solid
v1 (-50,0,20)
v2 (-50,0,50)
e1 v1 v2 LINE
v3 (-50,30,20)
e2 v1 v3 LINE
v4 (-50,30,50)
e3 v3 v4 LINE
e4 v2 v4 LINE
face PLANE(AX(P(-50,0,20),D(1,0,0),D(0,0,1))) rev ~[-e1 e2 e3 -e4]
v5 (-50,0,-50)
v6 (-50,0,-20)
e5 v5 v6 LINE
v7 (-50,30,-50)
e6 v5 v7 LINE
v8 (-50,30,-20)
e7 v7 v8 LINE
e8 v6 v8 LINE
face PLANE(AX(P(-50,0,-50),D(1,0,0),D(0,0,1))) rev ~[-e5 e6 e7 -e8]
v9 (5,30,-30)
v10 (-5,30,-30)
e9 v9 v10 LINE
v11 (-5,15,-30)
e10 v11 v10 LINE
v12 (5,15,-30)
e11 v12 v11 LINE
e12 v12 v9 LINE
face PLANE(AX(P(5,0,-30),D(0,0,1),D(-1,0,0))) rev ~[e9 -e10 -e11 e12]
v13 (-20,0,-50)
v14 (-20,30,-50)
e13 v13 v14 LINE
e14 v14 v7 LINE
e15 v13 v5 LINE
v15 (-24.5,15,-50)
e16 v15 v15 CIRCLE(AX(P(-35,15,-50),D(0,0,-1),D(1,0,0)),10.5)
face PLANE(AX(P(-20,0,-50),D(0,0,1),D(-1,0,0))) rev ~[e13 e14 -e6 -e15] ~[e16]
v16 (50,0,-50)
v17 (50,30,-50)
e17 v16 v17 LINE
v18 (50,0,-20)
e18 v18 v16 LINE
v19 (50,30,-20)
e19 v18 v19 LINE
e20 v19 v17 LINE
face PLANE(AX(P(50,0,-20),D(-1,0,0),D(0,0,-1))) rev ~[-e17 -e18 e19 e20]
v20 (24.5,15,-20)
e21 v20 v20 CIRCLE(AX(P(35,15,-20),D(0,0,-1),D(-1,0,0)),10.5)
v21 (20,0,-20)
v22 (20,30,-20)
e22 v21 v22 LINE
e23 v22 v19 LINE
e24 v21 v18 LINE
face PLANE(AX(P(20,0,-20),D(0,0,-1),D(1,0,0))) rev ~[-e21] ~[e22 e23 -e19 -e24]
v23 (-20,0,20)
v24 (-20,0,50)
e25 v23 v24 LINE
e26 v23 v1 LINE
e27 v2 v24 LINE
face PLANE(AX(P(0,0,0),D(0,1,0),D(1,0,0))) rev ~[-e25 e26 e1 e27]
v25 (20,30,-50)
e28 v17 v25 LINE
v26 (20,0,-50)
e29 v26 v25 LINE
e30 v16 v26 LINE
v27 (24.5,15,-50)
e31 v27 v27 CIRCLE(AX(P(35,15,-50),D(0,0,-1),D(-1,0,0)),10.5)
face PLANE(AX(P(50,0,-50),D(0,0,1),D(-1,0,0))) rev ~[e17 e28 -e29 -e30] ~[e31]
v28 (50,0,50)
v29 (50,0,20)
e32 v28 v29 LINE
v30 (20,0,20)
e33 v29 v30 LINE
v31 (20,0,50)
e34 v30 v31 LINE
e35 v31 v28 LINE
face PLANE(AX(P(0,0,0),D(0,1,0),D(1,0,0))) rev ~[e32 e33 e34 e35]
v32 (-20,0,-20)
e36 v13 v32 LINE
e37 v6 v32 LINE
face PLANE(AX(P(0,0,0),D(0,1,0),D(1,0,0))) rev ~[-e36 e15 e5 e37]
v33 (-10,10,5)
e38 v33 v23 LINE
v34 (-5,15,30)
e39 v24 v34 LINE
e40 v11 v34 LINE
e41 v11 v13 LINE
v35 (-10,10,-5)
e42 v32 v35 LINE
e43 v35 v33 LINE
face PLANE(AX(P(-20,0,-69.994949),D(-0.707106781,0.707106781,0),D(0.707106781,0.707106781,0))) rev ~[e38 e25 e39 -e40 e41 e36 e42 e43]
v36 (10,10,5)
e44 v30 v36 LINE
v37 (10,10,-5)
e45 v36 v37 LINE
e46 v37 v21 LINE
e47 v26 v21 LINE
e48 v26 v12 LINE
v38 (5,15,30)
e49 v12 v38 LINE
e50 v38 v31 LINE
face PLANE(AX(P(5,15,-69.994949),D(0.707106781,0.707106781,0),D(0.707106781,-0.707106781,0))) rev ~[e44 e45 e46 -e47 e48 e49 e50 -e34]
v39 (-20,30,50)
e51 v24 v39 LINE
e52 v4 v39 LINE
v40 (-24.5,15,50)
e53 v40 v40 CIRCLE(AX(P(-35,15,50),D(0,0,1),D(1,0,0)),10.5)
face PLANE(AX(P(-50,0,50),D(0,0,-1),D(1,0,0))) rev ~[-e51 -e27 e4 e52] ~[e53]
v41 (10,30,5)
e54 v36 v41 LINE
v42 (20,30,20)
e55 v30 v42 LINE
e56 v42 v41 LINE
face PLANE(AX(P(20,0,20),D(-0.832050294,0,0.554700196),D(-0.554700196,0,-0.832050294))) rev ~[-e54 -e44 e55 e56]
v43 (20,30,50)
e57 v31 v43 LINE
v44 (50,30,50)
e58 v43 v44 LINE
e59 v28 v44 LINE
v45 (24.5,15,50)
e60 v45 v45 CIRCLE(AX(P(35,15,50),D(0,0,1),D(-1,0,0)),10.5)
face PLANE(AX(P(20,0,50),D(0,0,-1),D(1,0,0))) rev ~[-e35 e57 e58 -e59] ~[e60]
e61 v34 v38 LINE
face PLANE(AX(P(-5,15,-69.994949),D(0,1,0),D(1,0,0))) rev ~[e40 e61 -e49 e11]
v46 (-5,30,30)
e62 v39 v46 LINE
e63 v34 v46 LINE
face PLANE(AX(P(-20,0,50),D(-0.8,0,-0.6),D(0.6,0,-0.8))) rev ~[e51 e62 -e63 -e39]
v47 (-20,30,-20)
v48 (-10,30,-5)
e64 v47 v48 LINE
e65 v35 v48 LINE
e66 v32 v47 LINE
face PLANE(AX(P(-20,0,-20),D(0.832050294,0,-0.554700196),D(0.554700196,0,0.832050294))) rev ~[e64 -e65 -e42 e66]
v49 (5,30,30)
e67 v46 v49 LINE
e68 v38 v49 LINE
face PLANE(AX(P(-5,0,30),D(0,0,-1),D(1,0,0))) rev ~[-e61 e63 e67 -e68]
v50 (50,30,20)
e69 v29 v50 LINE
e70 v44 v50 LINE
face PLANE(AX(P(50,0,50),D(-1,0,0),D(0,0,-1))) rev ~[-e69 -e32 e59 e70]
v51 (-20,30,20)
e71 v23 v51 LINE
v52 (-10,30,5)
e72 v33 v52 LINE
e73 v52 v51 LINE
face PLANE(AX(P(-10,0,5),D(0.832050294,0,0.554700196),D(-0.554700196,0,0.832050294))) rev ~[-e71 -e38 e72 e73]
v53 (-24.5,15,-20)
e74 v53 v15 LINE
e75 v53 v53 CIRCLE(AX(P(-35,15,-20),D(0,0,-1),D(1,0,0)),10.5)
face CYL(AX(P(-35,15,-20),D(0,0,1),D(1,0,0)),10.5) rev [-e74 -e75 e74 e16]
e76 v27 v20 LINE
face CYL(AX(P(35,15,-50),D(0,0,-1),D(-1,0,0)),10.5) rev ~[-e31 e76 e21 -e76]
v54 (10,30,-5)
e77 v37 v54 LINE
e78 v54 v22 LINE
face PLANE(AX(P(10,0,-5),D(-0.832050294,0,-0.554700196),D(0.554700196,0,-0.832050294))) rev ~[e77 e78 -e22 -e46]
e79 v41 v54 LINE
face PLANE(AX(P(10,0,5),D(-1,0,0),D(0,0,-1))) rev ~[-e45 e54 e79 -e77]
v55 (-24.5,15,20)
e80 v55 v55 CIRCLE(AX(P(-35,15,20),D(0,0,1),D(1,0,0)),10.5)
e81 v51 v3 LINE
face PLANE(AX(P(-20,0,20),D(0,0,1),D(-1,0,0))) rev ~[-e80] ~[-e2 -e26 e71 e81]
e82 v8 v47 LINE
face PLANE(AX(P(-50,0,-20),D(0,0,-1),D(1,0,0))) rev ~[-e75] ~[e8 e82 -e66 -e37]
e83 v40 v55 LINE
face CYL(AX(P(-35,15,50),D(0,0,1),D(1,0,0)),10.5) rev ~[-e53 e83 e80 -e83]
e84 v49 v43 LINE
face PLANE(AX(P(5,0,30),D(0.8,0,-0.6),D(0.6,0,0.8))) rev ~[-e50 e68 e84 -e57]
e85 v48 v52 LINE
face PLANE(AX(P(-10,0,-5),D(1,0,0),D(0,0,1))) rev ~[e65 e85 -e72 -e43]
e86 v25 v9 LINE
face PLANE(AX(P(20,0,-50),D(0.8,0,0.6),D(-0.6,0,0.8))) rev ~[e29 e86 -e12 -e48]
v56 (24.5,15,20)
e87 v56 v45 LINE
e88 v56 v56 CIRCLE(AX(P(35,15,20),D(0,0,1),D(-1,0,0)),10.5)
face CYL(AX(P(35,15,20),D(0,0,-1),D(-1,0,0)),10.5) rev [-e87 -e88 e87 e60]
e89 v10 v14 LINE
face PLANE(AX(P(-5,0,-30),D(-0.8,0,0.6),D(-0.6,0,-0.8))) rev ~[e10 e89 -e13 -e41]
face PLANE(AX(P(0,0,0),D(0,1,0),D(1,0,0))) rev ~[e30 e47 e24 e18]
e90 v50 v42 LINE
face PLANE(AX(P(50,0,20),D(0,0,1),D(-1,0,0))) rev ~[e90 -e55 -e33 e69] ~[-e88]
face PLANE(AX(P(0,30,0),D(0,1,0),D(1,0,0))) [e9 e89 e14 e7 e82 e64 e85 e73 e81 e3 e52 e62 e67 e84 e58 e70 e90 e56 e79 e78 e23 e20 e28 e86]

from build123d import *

# Parameters (mm, degrees)
EXTRUDE_2_DEPTH          = 30
SKETCH_3_R               = 10.5
CUT_EXTRUDE_1_DEPTH      = 30
CUT_EXTRUDE_START        = -30
SKETCH_4_R               = 10.5
CUT_EXTRUDE_2_DEPTH      = 30
SKETCH_5_R               = 10.5
CUT_EXTRUDE_3_DEPTH      = 30
SKETCH_6_R               = 10.5
CUT_EXTRUDE_4_DEPTH      = 30
CUT_EXTRUDE_5_DEPTH      = 99.994949366
CUT_EXTRUDE_5_DEPTH_BACK = 99.994949366


with BuildPart() as part:
    # Эскиз2 → Бобышка-Вытянуть2 (new body)
    with BuildSketch(Plane(origin=(0, 0, 0), x_dir=(1, 0, 0), z_dir=(0, 1, 0))):
        Polygon((-20, 50), (-50, 50), (-50, 20), (-20, 20), (-10, 5), (-10, -5), (-20, -20), (-50, -20), (-50, -50), (-20, -50), (-5, -30), (5, -30), (20, -50), (50, -50), (50, -20), (20, -20), (10, -5), (10, 5), (20, 20), (50, 20), (50, 50), (20, 50), (5, 30), (-5, 30), align=None)
    extrude(amount=EXTRUDE_2_DEPTH)

    # Эскиз3 → Вырез-Вытянуть1 (cut)
    with BuildSketch(Plane.XY.offset(50)):
        with Locations((-35, 15)):
            Circle(SKETCH_3_R)
    extrude(amount=-CUT_EXTRUDE_1_DEPTH, mode=Mode.SUBTRACT)

    # Эскиз4 → Вырез-Вытянуть2 (cut)
    with BuildSketch(Plane(origin=(0, 0, -50), x_dir=(-1, 0, 0), z_dir=(0, 0, -1)).offset(CUT_EXTRUDE_START)):
        with Locations(Location((35, 15, 0), (0, 0, 180))):
            Circle(SKETCH_4_R)
    extrude(amount=CUT_EXTRUDE_2_DEPTH, mode=Mode.SUBTRACT)

    # Эскиз5 → Вырез-Вытянуть3 (cut)
    with BuildSketch(Plane(origin=(0, 0, -50), x_dir=(-1, 0, 0), z_dir=(0, 0, -1))):
        with Locations((-35, 15)):
            Circle(SKETCH_5_R)
    extrude(amount=-CUT_EXTRUDE_3_DEPTH, mode=Mode.SUBTRACT)

    # Эскиз6 → Вырез-Вытянуть4 (cut)
    with BuildSketch(Plane.XY.offset(50).offset(CUT_EXTRUDE_START)):
        with Locations(Location((35, 15, 0), (0, 0, 180))):
            Circle(SKETCH_6_R)
    extrude(amount=CUT_EXTRUDE_4_DEPTH, mode=Mode.SUBTRACT)

    # Эскиз7 → Вырез-Вытянуть5 (cut, two sides: drawn at the far end of the back side and taken through both)
    with BuildSketch(Plane.XY.offset(30).offset(-CUT_EXTRUDE_5_DEPTH_BACK)):
        Polygon((-20, 0), (-5, 15), (5, 15), (20, 0), align=None)
    extrude(amount=CUT_EXTRUDE_5_DEPTH + CUT_EXTRUDE_5_DEPTH_BACK, mode=Mode.SUBTRACT)


solid = part.part
